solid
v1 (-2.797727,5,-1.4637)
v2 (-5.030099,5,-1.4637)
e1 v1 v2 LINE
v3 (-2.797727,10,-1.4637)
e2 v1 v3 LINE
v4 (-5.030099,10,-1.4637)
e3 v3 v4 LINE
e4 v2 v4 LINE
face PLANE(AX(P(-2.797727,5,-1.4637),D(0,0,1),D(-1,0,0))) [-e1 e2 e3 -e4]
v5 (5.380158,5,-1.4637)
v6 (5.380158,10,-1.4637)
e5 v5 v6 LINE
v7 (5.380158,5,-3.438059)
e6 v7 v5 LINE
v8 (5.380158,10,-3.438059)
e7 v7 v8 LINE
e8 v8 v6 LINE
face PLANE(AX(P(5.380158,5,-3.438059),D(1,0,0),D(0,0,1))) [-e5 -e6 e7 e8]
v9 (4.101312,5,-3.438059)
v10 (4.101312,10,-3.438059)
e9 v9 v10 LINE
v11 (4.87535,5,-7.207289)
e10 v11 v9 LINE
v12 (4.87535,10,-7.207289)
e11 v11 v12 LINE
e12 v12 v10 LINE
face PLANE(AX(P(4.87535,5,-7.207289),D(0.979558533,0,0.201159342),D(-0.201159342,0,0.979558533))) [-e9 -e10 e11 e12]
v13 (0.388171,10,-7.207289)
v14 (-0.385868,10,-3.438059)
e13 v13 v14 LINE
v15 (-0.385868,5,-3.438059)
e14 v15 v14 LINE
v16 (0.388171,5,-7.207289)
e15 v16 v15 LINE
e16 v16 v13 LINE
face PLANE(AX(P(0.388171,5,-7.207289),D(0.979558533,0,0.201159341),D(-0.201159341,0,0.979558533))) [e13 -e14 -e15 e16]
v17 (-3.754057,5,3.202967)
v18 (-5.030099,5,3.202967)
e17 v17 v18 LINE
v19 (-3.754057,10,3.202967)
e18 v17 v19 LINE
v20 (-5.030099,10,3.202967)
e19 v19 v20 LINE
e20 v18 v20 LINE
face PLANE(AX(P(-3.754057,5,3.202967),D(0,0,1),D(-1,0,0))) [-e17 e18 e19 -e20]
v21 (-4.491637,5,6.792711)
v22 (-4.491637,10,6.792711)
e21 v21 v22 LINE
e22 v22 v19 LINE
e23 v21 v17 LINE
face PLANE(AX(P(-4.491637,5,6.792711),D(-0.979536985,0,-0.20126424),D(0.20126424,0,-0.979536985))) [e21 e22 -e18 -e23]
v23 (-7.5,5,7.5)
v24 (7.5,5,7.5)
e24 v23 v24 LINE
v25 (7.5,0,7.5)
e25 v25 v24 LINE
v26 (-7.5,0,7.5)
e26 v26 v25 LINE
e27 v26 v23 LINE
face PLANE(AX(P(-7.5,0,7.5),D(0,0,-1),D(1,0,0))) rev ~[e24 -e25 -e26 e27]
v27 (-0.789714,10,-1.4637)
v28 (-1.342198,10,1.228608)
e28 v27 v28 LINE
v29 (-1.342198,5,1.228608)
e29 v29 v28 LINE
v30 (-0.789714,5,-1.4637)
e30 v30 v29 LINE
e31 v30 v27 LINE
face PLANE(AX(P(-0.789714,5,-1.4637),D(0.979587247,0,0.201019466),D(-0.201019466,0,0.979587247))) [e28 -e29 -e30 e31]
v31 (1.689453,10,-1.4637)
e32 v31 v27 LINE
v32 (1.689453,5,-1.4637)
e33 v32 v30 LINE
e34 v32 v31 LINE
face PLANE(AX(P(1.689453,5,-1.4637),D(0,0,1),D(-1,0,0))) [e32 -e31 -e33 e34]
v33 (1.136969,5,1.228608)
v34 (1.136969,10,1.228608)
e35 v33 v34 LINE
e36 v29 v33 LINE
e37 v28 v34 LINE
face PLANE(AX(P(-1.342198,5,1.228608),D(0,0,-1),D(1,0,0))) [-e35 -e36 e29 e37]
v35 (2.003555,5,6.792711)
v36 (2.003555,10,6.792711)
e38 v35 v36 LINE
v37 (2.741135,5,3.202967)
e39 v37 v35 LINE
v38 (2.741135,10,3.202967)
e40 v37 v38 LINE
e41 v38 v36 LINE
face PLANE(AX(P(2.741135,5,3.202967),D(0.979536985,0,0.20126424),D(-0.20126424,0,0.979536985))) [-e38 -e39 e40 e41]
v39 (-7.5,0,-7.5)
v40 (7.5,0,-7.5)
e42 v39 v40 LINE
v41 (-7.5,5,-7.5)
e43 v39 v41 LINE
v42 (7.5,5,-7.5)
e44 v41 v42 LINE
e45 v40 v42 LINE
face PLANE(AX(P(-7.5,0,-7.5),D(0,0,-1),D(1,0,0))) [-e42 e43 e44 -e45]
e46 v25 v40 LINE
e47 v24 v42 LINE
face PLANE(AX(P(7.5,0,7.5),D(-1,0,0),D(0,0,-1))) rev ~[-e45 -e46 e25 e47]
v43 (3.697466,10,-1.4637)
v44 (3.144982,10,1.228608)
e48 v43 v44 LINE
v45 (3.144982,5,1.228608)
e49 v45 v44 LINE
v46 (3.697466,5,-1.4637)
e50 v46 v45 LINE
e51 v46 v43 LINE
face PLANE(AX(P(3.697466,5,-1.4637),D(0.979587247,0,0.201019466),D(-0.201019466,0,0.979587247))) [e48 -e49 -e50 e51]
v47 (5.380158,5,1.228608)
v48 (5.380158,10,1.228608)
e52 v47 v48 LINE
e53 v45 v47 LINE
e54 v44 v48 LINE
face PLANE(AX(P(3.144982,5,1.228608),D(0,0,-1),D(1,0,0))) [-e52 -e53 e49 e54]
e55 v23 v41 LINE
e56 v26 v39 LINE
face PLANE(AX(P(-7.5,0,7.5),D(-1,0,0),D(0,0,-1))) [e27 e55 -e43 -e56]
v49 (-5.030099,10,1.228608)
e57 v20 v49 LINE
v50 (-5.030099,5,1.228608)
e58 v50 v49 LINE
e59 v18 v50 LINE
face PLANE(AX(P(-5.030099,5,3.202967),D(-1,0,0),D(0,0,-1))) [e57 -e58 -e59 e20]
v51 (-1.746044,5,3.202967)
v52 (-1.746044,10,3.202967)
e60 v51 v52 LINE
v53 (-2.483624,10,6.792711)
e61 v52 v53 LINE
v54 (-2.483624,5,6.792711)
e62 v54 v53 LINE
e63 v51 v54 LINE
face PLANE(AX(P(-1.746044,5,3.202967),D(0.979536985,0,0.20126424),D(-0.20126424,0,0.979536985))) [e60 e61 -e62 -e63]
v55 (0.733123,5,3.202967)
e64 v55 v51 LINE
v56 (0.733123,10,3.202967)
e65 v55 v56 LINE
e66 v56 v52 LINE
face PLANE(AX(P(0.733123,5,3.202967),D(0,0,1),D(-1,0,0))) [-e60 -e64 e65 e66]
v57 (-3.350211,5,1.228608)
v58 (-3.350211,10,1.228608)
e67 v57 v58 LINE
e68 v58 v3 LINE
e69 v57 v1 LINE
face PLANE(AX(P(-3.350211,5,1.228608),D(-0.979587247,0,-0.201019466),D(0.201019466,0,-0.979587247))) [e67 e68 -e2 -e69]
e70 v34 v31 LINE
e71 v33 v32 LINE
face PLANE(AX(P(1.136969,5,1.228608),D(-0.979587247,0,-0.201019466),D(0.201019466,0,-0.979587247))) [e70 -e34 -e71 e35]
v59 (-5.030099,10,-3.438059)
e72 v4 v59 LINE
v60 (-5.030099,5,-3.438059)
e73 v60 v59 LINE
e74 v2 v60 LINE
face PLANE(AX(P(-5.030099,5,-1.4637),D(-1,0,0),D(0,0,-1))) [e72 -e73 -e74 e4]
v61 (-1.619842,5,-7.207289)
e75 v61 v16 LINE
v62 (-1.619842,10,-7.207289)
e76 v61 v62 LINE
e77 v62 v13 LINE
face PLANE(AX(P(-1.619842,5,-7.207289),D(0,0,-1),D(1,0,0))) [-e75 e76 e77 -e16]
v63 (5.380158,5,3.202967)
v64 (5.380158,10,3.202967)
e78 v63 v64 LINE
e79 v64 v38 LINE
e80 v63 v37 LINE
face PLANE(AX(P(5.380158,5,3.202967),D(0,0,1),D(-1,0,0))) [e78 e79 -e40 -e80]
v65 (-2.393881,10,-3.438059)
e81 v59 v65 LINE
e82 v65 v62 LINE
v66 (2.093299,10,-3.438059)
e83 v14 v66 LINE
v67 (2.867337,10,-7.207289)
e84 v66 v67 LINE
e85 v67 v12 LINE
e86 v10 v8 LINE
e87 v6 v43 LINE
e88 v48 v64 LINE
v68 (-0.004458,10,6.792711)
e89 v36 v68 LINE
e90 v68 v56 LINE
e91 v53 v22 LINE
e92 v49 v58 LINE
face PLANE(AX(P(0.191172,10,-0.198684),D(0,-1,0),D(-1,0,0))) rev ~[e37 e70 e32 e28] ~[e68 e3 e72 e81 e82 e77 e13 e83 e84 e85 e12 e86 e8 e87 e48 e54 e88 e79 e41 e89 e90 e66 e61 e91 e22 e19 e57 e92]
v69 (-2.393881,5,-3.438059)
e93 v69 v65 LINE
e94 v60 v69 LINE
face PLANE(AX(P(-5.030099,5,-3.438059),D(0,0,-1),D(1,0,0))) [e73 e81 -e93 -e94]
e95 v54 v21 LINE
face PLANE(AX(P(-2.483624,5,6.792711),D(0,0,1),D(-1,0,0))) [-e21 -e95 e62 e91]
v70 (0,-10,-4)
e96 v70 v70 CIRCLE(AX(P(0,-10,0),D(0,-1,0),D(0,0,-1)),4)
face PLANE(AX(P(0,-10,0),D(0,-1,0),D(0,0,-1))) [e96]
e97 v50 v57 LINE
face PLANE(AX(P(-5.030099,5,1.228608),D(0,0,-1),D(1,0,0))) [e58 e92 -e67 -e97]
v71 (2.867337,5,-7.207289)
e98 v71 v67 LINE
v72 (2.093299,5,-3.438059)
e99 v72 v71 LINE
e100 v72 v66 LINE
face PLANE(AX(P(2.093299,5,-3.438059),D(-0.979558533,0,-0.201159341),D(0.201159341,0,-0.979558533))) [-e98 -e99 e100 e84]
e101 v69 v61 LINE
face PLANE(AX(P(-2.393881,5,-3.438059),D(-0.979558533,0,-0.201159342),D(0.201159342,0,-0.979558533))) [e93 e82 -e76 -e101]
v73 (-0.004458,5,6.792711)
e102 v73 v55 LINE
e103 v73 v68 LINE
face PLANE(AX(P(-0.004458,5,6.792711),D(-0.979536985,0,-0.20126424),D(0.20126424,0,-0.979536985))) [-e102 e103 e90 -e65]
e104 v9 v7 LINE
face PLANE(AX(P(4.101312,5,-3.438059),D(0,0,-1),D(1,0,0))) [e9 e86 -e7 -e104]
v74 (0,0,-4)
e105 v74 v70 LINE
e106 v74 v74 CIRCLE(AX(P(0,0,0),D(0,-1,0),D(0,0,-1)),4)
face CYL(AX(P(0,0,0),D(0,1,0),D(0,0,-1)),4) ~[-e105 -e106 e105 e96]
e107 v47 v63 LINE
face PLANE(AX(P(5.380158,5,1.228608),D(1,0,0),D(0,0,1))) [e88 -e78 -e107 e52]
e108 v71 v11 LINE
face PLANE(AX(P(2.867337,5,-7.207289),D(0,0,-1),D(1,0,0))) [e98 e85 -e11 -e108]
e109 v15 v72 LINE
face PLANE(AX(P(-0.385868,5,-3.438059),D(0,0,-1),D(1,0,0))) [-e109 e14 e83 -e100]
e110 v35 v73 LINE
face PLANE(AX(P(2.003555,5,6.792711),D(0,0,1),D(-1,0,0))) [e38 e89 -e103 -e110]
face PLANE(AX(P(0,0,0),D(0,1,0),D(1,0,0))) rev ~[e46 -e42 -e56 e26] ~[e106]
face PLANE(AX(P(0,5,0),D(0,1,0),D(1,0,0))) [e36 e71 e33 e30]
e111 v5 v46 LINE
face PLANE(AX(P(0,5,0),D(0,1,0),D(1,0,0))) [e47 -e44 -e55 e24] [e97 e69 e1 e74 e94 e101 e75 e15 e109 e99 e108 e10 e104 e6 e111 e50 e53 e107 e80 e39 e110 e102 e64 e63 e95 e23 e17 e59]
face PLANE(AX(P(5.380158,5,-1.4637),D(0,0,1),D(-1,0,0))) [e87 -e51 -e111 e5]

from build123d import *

# Parameters (mm, degrees)
SKETCH1_W           = 15
SKETCH1_H           = 15
BOSS_EXTRUDE1_DEPTH = 5
BOSS_EXTRUDE2_DEPTH = 5
SKETCH3_R           = 4
BOSS_EXTRUDE3_DEPTH = 10


with BuildPart() as part:
    # Sketch1 → Boss-Extrude1 (new body)
    with BuildSketch(Plane(origin=(0, 0, 0), x_dir=(1, 0, 0), z_dir=(0, 1, 0))):
        Rectangle(SKETCH1_W, SKETCH1_H)
    extrude(amount=BOSS_EXTRUDE1_DEPTH)

    # Sketch2 → Boss-Extrude2 (add)
    with BuildSketch(Plane(origin=(0, 5, 0), x_dir=(1, 0, 0), z_dir=(0, 1, 0))):
        Polygon((-3.754056884, -3.202967132), (-5.03009855, -3.202967132), (-5.03009855, -1.228608158), (-3.35021073, -1.228608158), (-2.797726755, 1.463699535), (-5.03009855, 1.463699535), (-5.03009855, 3.438058509), (-2.393880602, 3.438058509), (-1.61984214, 7.207289278), (0.38817068, 7.207289278), (-0.385867781, 3.438058509), (2.093298886, 3.438058509), (2.867337347, 7.207289278), (4.875350168, 7.207289278), (4.101311706, 3.438058509), (5.38015786, 3.438058509), (5.38015786, 1.463699535), (3.697465552, 1.463699535), (3.144981578, -1.228608158), (5.38015786, -1.228608158), (5.38015786, -3.202967132), (2.741135424, -3.202967132), (2.003555296, -6.792710722), (-0.004457525, -6.792710722), (0.733122604, -3.202967132), (-1.746044063, -3.202967132), (-2.483624191, -6.792710722), (-4.491637012, -6.792710722), align=None)
        Polygon((-0.789713935, 1.463699535), (-1.342197909, -1.228608158), (1.136968757, -1.228608158), (1.689452732, 1.463699535), align=None, mode=Mode.SUBTRACT)
    extrude(amount=BOSS_EXTRUDE2_DEPTH)

    # Sketch3 → Boss-Extrude3 (add)
    with BuildSketch(Plane.XZ):
        with Locations(Location((0, 0, 0), (0, 0, 270))):
            Circle(SKETCH3_R)
    extrude(amount=BOSS_EXTRUDE3_DEPTH)


solid = part.part
